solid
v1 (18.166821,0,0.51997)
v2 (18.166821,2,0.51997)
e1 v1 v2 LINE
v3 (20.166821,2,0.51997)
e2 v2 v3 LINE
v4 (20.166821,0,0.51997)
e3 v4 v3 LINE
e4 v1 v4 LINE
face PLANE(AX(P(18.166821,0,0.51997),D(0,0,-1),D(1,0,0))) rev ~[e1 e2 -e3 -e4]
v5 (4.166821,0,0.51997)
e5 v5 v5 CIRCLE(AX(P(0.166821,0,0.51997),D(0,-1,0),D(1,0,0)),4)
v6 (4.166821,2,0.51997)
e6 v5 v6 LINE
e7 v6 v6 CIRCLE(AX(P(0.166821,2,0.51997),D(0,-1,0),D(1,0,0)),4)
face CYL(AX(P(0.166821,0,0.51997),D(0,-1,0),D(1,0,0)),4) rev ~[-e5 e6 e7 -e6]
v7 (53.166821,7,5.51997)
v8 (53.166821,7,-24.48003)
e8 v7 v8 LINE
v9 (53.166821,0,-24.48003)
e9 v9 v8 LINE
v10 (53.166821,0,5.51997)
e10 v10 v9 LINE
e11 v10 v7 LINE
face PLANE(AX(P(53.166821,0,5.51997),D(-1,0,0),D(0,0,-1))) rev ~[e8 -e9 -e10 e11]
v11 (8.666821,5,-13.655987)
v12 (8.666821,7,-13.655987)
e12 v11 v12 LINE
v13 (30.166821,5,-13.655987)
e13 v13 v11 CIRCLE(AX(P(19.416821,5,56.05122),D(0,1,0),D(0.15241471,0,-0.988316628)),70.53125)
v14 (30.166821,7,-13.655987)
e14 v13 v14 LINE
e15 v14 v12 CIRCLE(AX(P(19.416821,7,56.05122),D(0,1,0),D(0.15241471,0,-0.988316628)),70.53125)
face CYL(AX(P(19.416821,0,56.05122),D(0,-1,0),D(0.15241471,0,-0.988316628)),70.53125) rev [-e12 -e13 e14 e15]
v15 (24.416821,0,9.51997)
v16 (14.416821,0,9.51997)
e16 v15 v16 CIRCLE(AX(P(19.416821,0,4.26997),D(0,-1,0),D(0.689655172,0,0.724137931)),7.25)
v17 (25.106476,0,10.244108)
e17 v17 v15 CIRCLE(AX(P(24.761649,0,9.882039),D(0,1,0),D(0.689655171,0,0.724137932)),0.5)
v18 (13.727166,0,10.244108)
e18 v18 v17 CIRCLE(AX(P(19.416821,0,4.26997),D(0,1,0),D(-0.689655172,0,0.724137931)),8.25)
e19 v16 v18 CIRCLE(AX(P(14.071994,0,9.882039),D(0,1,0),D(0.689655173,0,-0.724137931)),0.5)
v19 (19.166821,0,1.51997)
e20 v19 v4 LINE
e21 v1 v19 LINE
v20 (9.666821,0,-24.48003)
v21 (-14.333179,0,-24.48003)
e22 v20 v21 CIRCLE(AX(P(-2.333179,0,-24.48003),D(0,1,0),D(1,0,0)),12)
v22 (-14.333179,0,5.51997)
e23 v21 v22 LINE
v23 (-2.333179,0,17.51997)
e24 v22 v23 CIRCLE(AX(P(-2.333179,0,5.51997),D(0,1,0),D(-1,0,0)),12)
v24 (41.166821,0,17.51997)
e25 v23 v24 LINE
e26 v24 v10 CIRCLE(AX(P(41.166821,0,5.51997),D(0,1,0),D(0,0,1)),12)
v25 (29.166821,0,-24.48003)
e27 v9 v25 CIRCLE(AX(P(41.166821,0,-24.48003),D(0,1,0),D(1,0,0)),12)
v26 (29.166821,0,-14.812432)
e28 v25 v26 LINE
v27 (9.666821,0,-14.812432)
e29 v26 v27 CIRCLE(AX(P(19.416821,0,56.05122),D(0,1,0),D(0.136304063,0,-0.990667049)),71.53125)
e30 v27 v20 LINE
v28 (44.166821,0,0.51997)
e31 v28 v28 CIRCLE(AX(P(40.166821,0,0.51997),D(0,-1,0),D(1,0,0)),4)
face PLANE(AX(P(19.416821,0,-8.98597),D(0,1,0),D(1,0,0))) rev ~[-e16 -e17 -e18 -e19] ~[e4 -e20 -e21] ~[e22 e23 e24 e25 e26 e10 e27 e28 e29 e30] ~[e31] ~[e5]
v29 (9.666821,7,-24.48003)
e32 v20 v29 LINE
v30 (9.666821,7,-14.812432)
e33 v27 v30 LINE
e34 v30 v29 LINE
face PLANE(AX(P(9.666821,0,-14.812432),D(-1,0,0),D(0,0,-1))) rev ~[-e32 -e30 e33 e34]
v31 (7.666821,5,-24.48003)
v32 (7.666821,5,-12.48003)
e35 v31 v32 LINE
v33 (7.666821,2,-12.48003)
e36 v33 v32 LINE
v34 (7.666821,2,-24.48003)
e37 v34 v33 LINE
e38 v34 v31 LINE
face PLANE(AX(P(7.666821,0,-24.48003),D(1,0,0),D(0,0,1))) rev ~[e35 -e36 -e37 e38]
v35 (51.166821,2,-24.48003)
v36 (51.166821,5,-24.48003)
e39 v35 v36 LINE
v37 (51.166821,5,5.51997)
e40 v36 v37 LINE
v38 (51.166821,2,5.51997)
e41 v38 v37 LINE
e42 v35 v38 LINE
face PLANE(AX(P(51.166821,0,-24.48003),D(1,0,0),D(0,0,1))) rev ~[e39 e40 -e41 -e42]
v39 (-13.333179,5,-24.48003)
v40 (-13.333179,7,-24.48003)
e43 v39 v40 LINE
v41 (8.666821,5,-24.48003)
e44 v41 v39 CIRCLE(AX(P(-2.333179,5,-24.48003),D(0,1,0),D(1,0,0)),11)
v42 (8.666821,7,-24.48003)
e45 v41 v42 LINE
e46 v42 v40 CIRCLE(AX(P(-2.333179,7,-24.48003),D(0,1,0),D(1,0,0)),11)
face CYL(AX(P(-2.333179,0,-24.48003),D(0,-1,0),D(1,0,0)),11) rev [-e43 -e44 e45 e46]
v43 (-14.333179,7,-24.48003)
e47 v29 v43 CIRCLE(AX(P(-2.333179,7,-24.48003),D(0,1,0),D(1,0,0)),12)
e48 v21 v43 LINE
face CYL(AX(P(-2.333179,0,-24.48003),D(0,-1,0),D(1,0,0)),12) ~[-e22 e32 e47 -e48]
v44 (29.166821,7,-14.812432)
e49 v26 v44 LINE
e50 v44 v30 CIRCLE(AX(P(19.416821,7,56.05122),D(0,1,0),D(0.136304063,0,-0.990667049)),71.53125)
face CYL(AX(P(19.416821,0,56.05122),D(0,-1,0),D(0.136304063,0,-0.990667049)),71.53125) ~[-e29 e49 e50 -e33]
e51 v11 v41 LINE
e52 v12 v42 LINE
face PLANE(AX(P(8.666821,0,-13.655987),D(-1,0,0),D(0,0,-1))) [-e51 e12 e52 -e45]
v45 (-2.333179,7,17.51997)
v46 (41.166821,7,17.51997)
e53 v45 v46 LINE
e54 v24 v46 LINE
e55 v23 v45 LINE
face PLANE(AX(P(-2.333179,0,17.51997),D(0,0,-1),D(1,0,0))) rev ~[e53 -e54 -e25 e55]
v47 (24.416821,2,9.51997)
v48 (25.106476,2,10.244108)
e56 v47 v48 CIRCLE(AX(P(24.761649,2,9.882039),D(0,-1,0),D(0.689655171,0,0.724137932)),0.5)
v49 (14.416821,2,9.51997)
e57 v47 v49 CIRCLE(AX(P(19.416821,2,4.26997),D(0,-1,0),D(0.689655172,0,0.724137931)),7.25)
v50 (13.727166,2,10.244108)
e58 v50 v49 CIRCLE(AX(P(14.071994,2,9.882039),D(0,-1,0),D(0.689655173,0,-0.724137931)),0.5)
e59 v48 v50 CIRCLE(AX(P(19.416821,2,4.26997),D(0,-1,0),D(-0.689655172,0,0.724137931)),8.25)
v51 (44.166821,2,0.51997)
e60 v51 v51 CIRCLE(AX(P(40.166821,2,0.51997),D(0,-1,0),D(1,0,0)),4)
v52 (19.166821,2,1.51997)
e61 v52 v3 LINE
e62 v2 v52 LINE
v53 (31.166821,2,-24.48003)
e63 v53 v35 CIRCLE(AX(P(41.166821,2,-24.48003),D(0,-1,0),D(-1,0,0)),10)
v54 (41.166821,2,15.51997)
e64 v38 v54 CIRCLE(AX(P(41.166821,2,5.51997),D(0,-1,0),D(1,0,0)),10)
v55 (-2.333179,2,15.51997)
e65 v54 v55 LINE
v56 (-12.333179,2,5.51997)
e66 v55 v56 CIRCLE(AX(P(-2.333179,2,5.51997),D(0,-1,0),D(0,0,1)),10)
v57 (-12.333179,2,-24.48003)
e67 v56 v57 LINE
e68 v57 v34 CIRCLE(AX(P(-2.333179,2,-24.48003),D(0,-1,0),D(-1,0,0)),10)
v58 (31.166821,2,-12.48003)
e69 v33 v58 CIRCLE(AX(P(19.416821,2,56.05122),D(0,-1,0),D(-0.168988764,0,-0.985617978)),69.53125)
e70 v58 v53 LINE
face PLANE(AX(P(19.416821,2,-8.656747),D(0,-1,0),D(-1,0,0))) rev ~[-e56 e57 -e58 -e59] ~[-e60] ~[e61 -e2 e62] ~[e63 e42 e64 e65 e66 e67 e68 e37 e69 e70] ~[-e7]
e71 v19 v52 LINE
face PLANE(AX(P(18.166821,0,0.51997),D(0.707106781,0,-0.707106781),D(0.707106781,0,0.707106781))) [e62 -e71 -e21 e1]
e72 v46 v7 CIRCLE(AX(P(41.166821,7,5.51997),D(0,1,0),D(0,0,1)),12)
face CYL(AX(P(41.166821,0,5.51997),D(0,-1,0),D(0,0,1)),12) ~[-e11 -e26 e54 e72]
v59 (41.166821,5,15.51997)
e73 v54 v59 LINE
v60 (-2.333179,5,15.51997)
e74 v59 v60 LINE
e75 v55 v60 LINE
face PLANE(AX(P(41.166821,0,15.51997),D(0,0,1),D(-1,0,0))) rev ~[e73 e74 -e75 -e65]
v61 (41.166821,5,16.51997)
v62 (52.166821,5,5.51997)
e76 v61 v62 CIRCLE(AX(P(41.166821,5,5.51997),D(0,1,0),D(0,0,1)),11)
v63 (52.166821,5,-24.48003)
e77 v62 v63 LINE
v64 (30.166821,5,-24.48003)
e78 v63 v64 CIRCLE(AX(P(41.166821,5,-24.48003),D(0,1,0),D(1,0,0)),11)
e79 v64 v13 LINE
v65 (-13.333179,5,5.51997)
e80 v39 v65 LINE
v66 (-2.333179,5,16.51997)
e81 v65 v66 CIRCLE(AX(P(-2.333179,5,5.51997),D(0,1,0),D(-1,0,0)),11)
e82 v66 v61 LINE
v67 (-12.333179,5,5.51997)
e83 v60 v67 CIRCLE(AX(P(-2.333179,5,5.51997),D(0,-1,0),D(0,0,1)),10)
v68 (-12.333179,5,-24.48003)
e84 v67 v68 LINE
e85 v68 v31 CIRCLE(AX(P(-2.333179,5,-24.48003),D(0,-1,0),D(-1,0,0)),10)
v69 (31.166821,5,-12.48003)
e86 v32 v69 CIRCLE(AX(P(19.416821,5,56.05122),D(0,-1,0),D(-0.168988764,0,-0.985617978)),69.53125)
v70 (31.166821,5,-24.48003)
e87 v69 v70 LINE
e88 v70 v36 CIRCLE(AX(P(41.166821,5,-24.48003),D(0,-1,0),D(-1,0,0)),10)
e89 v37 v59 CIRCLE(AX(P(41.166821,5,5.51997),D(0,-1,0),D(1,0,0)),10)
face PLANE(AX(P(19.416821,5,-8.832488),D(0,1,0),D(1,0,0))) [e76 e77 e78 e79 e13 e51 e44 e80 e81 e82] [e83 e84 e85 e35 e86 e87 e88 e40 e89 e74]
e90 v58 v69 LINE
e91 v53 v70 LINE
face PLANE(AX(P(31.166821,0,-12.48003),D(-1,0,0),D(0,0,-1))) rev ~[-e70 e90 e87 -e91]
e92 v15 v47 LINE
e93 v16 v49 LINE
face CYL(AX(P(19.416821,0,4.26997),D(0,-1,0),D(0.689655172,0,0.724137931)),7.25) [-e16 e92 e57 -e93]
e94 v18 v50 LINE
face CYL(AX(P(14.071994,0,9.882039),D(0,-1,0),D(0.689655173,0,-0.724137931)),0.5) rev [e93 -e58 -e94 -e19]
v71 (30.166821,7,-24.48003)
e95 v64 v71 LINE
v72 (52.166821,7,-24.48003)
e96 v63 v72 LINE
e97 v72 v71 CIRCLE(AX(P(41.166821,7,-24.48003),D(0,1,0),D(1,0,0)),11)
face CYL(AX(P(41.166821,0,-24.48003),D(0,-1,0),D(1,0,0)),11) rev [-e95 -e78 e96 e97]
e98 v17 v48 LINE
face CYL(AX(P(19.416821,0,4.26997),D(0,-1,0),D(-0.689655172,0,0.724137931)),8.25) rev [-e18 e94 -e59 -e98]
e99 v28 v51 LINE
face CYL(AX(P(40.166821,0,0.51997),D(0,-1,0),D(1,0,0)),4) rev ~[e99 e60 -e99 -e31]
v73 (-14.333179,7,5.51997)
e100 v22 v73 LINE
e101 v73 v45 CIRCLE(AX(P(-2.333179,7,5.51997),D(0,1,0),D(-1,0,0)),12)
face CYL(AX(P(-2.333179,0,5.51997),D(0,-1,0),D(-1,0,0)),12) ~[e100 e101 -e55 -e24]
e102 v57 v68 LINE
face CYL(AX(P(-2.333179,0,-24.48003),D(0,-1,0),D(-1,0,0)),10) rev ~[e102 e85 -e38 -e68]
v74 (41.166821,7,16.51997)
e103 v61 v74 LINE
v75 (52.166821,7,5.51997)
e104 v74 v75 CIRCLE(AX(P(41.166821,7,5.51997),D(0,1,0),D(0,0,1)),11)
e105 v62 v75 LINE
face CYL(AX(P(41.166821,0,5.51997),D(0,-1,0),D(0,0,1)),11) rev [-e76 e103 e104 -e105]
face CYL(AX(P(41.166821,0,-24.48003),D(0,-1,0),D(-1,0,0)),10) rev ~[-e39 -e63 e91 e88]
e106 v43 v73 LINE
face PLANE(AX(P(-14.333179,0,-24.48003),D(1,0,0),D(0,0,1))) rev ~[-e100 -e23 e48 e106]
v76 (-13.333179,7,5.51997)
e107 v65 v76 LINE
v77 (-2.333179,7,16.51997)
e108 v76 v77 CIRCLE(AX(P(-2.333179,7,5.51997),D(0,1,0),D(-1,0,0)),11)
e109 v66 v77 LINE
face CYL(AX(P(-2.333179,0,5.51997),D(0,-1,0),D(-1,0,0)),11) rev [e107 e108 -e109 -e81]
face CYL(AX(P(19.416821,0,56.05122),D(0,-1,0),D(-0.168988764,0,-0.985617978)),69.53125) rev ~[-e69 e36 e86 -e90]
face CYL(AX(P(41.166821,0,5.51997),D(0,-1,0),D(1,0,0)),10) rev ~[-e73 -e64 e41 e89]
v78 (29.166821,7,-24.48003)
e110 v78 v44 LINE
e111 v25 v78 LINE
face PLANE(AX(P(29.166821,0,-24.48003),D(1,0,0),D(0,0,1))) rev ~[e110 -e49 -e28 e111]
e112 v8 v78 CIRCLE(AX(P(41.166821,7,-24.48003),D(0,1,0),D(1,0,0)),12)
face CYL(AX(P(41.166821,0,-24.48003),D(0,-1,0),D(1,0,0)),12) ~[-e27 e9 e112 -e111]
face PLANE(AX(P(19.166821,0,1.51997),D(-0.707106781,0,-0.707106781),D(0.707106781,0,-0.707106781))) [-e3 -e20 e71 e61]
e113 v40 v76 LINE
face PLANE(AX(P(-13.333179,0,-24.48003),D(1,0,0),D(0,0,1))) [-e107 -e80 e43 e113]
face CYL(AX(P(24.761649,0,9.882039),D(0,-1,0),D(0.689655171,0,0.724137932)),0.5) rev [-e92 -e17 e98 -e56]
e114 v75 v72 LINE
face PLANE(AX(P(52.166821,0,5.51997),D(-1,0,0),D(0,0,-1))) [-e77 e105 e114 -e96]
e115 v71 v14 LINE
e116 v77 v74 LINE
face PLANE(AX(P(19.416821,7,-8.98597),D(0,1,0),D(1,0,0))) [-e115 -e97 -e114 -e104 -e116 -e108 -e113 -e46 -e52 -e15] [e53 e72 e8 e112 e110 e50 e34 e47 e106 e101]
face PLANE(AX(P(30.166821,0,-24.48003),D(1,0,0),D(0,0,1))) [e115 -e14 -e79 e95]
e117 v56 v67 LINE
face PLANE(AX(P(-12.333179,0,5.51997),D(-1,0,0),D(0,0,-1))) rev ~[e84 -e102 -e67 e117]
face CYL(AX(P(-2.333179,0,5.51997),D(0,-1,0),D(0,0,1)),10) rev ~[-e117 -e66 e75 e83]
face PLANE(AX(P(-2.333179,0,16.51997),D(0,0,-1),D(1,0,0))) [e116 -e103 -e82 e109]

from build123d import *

# Parameters (mm, degrees)
EXTRUDE_1_DEPTH     = 2
EXTRUDE_2_DEPTH     = 5
EXTRUDE_3_DEPTH     = 7
SKETCH_2_R          = 4
CUT_EXTRUDE_1_DEPTH = 9


with BuildPart() as part:
    # 草图1 → 凸台-拉伸1 (new body)
    with BuildSketch(Plane(origin=(0, 0, 0), x_dir=(1, 0, 0), z_dir=(0, 1, 0))):
        with BuildLine():
            Line((-12.333178869, 24.480029994), (-12.333178869, 12.480029994))
            Line((-12.333178869, 12.480029994), (-12.333178869, -5.519970006))
            ThreePointArc((-12.333178869, -5.519970006), (-9.404246681, -12.591037818), (-2.333178869, -15.519970006))
            Line((-2.333178869, -15.519970006), (41.166821131, -15.519970006))
            ThreePointArc((41.166821131, -15.519970006), (48.237888943, -12.591037818), (51.166821131, -5.519970006))
            Line((51.166821131, -5.519970006), (51.166821131, 12.480029994))
            Line((51.166821131, 12.480029994), (51.166821131, 24.480029994))
            ThreePointArc((51.166821131, 24.480029994), (41.166821131, 34.480029994), (31.166821131, 24.480029994))
            Line((31.166821131, 24.480029994), (31.166821131, 12.480029994))
            ThreePointArc((31.166821131, 12.480029994), (19.416821131, 13.480029994), (7.666821131, 12.480029994))
            Line((7.666821131, 12.480029994), (7.666821131, 24.480029994))
            ThreePointArc((7.666821131, 24.480029994), (-2.333178869, 34.480029994), (-12.333178869, 24.480029994))
        make_face()
    extrude(amount=EXTRUDE_1_DEPTH)

    # 草图1<3> → 凸台-拉伸2 (add)
    with BuildSketch(Plane(origin=(0, 0, 0), x_dir=(1, 0, 0), z_dir=(0, 1, 0))):
        with BuildLine():
            Line((30.166821131, 24.480029994), (30.166821131, 13.655987129))
            ThreePointArc((30.166821131, 13.655987129), (19.416821131, 14.480029994), (8.666821131, 13.655987129))
            Line((8.666821131, 13.655987129), (8.666821131, 24.480029994))
            ThreePointArc((8.666821131, 24.480029994), (-2.333178869, 35.480029994), (-13.333178869, 24.480029994))
            Line((-13.333178869, 24.480029994), (-13.333178869, 12.480029994))
            Line((-13.333178869, 12.480029994), (-13.333178869, -5.519970006))
            ThreePointArc((-13.333178869, -5.519970006), (-10.111353462, -13.298144599), (-2.333178869, -16.519970006))
            Line((-2.333178869, -16.519970006), (41.166821131, -16.519970006))
            ThreePointArc((41.166821131, -16.519970006), (48.944995724, -13.298144599), (52.166821131, -5.519970006))
            Line((52.166821131, -5.519970006), (52.166821131, 12.480029994))
            Line((52.166821131, 12.480029994), (52.166821131, 24.480029994))
            ThreePointArc((52.166821131, 24.480029994), (41.166821131, 35.480029994), (30.166821131, 24.480029994))
        make_face()
        with BuildLine():
            Line((-12.333178869, 12.480029994), (-12.333178869, 24.480029994))
            ThreePointArc((-12.333178869, 24.480029994), (-2.333178869, 34.480029994), (7.666821131, 24.480029994))
            Line((7.666821131, 24.480029994), (7.666821131, 12.480029994))
            ThreePointArc((7.666821131, 12.480029994), (19.416821131, 13.480029994), (31.166821131, 12.480029994))
            Line((31.166821131, 12.480029994), (31.166821131, 24.480029994))
            ThreePointArc((31.166821131, 24.480029994), (41.166821131, 34.480029994), (51.166821131, 24.480029994))
            Line((51.166821131, 24.480029994), (51.166821131, 12.480029994))
            Line((51.166821131, 12.480029994), (51.166821131, -5.519970006))
            ThreePointArc((51.166821131, -5.519970006), (48.237888943, -12.591037818), (41.166821131, -15.519970006))
            Line((41.166821131, -15.519970006), (-2.333178869, -15.519970006))
            ThreePointArc((-2.333178869, -15.519970006), (-9.404246681, -12.591037818), (-12.333178869, -5.519970006))
            Line((-12.333178869, -5.519970006), (-12.333178869, 12.480029994))
        make_face(mode=Mode.SUBTRACT)
    extrude(amount=EXTRUDE_2_DEPTH)

    # 草图1<4> → 凸台-拉伸3 (add)
    with BuildSketch(Plane(origin=(0, 0, 0), x_dir=(1, 0, 0), z_dir=(0, 1, 0))):
        with BuildLine():
            Line((-2.333178869, -17.519970006), (41.166821131, -17.519970006))
            ThreePointArc((41.166821131, -17.519970006), (49.652102505, -14.00525138), (53.166821131, -5.519970006))
            Line((53.166821131, -5.519970006), (53.166821131, 12.480029994))
            Line((53.166821131, 12.480029994), (53.166821131, 24.480029994))
            ThreePointArc((53.166821131, 24.480029994), (41.166821131, 36.480029994), (29.166821131, 24.480029994))
            Line((29.166821131, 24.480029994), (29.166821131, 14.81243236))
            ThreePointArc((29.166821131, 14.81243236), (19.416821131, 15.480029994), (9.666821131, 14.81243236))
            Line((9.666821131, 14.81243236), (9.666821131, 24.480029994))
            ThreePointArc((9.666821131, 24.480029994), (-2.333178869, 36.480029994), (-14.333178869, 24.480029994))
            Line((-14.333178869, 24.480029994), (-14.333178869, 12.480029994))
            Line((-14.333178869, 12.480029994), (-14.333178869, -5.519970006))
            ThreePointArc((-14.333178869, -5.519970006), (-10.818460243, -14.00525138), (-2.333178869, -17.519970006))
        make_face()
        with BuildLine():
            Line((30.166821131, 24.480029994), (30.166821131, 13.655987129))
            ThreePointArc((30.166821131, 13.655987129), (19.416821131, 14.480029994), (8.666821131, 13.655987129))
            Line((8.666821131, 13.655987129), (8.666821131, 24.480029994))
            ThreePointArc((8.666821131, 24.480029994), (-2.333178869, 35.480029994), (-13.333178869, 24.480029994))
            Line((-13.333178869, 24.480029994), (-13.333178869, 12.480029994))
            Line((-13.333178869, 12.480029994), (-13.333178869, -5.519970006))
            ThreePointArc((-13.333178869, -5.519970006), (-10.111353462, -13.298144599), (-2.333178869, -16.519970006))
            Line((-2.333178869, -16.519970006), (41.166821131, -16.519970006))
            ThreePointArc((41.166821131, -16.519970006), (48.944995724, -13.298144599), (52.166821131, -5.519970006))
            Line((52.166821131, -5.519970006), (52.166821131, 12.480029994))
            Line((52.166821131, 12.480029994), (52.166821131, 24.480029994))
            ThreePointArc((52.166821131, 24.480029994), (41.166821131, 35.480029994), (30.166821131, 24.480029994))
        make_face(mode=Mode.SUBTRACT)
    extrude(amount=EXTRUDE_3_DEPTH)

    # 草图2 → 切除-拉伸1 (cut)
    with BuildSketch(Plane.XZ):
        with Locations((40.166821131, 0.519970006)):
            Circle(SKETCH_2_R)
        Polygon((19.166821131, 1.519970006), (18.166821131, 0.519970006), (20.166821131, 0.519970006), align=None)
        with Locations((0.166821131, 0.519970006)):
            Circle(SKETCH_2_R)
        with BuildLine():
            ThreePointArc((14.416821131, 9.519970006), (19.416821131, 11.519970006), (24.416821131, 9.519970006))
            ThreePointArc((24.416821131, 9.519970006), (25.123717683, 9.537211385), (25.106476303, 10.244107937))
            ThreePointArc((25.106476303, 10.244107937), (19.416821131, 12.519970006), (13.727165958, 10.244107937))
            ThreePointArc((13.727165958, 10.244107937), (13.709924579, 9.537211385), (14.416821131, 9.519970006))
        make_face()
    extrude(amount=-CUT_EXTRUDE_1_DEPTH, mode=Mode.SUBTRACT)


solid = part.part
